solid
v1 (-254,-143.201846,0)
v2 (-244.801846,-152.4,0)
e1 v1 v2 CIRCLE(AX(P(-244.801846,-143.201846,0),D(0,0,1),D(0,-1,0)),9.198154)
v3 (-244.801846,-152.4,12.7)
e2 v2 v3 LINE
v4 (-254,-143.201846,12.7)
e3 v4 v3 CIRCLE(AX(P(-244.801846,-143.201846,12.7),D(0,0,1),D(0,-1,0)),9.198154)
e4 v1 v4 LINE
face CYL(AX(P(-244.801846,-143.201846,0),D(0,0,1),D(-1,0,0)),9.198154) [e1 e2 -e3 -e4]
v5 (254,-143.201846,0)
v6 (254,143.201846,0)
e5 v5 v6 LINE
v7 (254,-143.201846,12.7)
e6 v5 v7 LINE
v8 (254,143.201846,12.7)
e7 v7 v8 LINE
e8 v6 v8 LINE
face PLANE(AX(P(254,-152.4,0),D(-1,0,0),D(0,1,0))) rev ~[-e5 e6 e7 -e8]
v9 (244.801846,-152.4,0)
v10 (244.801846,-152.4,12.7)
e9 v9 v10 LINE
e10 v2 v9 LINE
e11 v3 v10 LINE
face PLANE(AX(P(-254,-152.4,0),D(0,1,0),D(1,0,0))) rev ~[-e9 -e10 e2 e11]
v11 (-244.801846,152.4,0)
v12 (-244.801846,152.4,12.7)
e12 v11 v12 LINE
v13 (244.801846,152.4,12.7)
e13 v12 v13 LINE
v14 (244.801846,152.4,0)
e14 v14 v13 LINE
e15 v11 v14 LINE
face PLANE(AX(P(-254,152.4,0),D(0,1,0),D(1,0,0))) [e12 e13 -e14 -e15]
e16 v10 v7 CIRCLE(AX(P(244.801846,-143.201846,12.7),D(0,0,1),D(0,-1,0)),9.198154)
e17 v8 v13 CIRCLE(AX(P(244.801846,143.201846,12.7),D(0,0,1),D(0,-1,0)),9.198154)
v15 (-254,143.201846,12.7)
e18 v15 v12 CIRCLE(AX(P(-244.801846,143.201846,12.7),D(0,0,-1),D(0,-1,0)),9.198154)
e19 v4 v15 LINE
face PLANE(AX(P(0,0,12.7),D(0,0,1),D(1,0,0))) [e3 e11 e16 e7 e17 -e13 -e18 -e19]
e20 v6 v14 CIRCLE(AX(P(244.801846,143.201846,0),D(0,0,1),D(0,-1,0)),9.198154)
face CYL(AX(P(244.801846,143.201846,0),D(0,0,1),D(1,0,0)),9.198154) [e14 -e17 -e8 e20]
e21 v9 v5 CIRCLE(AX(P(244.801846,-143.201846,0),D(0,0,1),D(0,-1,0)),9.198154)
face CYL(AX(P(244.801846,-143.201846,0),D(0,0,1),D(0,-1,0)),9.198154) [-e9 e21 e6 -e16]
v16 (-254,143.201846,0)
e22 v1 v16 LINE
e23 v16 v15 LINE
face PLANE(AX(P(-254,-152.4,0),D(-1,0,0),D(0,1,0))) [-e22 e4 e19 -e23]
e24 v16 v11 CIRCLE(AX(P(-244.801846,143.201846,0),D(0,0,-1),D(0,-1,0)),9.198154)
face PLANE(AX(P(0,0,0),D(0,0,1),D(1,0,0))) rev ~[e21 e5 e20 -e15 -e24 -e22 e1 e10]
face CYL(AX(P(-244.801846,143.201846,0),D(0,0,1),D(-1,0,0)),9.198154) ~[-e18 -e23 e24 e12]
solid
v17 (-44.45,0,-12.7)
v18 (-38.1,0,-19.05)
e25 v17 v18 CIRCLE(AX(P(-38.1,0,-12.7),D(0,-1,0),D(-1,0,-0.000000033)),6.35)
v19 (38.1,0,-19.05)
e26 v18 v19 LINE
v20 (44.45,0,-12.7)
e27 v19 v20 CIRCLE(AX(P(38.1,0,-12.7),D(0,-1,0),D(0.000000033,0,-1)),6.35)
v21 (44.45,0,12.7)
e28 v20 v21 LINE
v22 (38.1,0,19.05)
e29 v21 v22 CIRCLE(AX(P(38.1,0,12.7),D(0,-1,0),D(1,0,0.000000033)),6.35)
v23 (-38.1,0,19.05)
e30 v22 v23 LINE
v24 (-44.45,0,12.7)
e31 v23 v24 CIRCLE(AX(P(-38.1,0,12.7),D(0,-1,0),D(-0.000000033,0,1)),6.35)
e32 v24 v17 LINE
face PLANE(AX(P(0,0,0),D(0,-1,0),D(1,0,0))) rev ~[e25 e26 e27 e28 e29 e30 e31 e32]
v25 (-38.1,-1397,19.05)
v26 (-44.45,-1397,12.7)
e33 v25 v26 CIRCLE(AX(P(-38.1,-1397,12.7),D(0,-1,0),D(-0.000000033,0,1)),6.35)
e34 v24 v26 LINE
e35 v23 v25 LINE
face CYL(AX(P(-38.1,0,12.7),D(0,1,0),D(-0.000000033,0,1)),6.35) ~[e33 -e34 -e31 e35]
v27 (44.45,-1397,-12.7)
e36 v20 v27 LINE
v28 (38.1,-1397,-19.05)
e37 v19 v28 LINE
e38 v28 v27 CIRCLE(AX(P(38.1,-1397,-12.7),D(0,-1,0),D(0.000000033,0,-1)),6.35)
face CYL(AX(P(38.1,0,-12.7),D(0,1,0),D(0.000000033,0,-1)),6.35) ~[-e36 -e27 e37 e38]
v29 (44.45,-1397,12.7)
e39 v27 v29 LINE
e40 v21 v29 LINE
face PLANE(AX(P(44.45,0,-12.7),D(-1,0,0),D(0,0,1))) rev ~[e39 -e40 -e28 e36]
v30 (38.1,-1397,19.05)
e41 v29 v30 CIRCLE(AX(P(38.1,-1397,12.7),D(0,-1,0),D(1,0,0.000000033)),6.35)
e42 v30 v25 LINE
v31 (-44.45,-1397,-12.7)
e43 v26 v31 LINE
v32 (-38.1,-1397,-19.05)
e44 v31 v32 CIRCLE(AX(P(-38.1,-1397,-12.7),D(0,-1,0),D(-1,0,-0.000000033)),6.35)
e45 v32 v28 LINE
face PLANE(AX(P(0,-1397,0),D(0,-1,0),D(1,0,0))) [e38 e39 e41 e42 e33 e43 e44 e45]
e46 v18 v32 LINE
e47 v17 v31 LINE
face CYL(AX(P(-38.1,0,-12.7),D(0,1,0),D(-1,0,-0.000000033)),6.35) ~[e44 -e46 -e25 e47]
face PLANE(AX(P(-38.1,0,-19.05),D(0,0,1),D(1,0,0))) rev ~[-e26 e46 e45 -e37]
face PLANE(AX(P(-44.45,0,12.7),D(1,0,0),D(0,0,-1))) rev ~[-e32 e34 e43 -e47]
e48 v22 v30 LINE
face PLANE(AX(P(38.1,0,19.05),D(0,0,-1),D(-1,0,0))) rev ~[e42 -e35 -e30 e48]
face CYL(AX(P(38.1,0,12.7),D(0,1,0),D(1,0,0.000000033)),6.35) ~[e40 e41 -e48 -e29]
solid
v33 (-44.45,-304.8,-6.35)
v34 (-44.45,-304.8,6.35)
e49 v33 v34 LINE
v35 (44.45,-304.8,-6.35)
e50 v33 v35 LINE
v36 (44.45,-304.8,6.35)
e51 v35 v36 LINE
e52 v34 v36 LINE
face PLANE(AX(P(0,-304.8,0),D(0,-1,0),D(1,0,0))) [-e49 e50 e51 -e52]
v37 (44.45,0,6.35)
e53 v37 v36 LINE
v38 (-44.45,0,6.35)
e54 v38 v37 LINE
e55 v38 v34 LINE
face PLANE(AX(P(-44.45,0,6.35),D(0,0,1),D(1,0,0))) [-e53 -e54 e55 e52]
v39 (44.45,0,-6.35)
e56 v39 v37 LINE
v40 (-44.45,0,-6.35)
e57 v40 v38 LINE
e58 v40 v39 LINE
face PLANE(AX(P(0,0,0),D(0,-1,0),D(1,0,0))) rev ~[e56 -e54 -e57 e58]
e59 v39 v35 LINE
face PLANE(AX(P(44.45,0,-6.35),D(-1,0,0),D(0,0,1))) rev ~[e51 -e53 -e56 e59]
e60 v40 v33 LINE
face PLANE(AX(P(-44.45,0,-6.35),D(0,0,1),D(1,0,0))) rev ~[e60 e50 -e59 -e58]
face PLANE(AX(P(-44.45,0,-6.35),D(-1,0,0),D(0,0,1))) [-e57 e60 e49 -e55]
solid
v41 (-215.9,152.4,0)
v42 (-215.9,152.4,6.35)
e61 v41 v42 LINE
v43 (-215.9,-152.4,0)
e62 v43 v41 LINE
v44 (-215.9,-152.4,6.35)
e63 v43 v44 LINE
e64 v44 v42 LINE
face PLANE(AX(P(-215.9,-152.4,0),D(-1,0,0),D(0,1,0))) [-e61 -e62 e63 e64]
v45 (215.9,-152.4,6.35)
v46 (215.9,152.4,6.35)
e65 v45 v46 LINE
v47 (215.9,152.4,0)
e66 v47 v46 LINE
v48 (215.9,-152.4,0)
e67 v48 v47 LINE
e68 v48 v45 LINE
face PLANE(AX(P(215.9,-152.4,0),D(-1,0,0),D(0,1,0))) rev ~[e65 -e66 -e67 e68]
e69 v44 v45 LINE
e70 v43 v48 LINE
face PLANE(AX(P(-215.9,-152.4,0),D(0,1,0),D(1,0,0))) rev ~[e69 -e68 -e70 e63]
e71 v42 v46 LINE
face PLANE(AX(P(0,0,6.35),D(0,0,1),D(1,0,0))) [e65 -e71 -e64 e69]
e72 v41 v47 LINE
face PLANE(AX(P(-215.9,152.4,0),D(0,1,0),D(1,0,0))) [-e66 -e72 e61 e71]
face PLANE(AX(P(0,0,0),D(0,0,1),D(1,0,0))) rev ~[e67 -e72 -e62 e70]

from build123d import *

# Parameters (mm, degrees)
F2_DEPTH = 1397
F0_W     = 88.9
F0_H     = 12.7
F3_DEPTH = 304.8
F4_W     = 508
F4_H     = 304.8
F5_DEPTH = 12.7
F6_W     = 431.8
F6_H     = 304.8
F7_DEPTH = 6.35
F8_R     = 9.198154


with BuildPart() as f2:
    # F1 (on Front) → F2 (new body)
    with BuildSketch(Plane.XZ):
        with BuildLine():
            Line((-38.1, -19.05), (38.1, -19.05))
            ThreePointArc((38.1, -19.05), (42.590128, -17.190128), (44.45, -12.7))
            Line((44.45, -12.7), (44.45, 12.7))
            ThreePointArc((44.45, 12.7), (42.590128, 17.190128), (38.1, 19.05))
            Line((38.1, 19.05), (-38.1, 19.05))
            ThreePointArc((-38.1, 19.05), (-42.590128, 17.190128), (-44.45, 12.7))
            Line((-44.45, 12.7), (-44.45, -12.7))
            ThreePointArc((-44.45, -12.7), (-42.590128, -17.190128), (-38.1, -19.05))
        make_face()
    extrude(amount=F2_DEPTH)


with BuildPart() as f3:
    # F0 (on Front) → F3 (new body)
    with BuildSketch(Plane.XZ):
        Rectangle(F0_W, F0_H)
    extrude(amount=F3_DEPTH)


with BuildPart() as f5:
    # F4 (on Top) → F5 (new body)
    with BuildSketch(Plane.XY):
        Rectangle(F4_W, F4_H)
    extrude(amount=F5_DEPTH)

    # F8
    f8_edges = [f5.edges().sort_by_distance(p)[0] for p in [
        (254, -152.4, 6.35),
        (254, 152.4, 6.35),
        (-254, -152.4, 6.35),
        (-254, 152.4, 6.35),
    ]]
    fillet(f8_edges, radius=F8_R)


with BuildPart() as f7:
    # F6 (on Top) → F7 (new body)
    with BuildSketch(Plane.XY):
        Rectangle(F6_W, F6_H)
    extrude(amount=F7_DEPTH)


solid = Compound([f2.part, f3.part, f5.part, f7.part])
